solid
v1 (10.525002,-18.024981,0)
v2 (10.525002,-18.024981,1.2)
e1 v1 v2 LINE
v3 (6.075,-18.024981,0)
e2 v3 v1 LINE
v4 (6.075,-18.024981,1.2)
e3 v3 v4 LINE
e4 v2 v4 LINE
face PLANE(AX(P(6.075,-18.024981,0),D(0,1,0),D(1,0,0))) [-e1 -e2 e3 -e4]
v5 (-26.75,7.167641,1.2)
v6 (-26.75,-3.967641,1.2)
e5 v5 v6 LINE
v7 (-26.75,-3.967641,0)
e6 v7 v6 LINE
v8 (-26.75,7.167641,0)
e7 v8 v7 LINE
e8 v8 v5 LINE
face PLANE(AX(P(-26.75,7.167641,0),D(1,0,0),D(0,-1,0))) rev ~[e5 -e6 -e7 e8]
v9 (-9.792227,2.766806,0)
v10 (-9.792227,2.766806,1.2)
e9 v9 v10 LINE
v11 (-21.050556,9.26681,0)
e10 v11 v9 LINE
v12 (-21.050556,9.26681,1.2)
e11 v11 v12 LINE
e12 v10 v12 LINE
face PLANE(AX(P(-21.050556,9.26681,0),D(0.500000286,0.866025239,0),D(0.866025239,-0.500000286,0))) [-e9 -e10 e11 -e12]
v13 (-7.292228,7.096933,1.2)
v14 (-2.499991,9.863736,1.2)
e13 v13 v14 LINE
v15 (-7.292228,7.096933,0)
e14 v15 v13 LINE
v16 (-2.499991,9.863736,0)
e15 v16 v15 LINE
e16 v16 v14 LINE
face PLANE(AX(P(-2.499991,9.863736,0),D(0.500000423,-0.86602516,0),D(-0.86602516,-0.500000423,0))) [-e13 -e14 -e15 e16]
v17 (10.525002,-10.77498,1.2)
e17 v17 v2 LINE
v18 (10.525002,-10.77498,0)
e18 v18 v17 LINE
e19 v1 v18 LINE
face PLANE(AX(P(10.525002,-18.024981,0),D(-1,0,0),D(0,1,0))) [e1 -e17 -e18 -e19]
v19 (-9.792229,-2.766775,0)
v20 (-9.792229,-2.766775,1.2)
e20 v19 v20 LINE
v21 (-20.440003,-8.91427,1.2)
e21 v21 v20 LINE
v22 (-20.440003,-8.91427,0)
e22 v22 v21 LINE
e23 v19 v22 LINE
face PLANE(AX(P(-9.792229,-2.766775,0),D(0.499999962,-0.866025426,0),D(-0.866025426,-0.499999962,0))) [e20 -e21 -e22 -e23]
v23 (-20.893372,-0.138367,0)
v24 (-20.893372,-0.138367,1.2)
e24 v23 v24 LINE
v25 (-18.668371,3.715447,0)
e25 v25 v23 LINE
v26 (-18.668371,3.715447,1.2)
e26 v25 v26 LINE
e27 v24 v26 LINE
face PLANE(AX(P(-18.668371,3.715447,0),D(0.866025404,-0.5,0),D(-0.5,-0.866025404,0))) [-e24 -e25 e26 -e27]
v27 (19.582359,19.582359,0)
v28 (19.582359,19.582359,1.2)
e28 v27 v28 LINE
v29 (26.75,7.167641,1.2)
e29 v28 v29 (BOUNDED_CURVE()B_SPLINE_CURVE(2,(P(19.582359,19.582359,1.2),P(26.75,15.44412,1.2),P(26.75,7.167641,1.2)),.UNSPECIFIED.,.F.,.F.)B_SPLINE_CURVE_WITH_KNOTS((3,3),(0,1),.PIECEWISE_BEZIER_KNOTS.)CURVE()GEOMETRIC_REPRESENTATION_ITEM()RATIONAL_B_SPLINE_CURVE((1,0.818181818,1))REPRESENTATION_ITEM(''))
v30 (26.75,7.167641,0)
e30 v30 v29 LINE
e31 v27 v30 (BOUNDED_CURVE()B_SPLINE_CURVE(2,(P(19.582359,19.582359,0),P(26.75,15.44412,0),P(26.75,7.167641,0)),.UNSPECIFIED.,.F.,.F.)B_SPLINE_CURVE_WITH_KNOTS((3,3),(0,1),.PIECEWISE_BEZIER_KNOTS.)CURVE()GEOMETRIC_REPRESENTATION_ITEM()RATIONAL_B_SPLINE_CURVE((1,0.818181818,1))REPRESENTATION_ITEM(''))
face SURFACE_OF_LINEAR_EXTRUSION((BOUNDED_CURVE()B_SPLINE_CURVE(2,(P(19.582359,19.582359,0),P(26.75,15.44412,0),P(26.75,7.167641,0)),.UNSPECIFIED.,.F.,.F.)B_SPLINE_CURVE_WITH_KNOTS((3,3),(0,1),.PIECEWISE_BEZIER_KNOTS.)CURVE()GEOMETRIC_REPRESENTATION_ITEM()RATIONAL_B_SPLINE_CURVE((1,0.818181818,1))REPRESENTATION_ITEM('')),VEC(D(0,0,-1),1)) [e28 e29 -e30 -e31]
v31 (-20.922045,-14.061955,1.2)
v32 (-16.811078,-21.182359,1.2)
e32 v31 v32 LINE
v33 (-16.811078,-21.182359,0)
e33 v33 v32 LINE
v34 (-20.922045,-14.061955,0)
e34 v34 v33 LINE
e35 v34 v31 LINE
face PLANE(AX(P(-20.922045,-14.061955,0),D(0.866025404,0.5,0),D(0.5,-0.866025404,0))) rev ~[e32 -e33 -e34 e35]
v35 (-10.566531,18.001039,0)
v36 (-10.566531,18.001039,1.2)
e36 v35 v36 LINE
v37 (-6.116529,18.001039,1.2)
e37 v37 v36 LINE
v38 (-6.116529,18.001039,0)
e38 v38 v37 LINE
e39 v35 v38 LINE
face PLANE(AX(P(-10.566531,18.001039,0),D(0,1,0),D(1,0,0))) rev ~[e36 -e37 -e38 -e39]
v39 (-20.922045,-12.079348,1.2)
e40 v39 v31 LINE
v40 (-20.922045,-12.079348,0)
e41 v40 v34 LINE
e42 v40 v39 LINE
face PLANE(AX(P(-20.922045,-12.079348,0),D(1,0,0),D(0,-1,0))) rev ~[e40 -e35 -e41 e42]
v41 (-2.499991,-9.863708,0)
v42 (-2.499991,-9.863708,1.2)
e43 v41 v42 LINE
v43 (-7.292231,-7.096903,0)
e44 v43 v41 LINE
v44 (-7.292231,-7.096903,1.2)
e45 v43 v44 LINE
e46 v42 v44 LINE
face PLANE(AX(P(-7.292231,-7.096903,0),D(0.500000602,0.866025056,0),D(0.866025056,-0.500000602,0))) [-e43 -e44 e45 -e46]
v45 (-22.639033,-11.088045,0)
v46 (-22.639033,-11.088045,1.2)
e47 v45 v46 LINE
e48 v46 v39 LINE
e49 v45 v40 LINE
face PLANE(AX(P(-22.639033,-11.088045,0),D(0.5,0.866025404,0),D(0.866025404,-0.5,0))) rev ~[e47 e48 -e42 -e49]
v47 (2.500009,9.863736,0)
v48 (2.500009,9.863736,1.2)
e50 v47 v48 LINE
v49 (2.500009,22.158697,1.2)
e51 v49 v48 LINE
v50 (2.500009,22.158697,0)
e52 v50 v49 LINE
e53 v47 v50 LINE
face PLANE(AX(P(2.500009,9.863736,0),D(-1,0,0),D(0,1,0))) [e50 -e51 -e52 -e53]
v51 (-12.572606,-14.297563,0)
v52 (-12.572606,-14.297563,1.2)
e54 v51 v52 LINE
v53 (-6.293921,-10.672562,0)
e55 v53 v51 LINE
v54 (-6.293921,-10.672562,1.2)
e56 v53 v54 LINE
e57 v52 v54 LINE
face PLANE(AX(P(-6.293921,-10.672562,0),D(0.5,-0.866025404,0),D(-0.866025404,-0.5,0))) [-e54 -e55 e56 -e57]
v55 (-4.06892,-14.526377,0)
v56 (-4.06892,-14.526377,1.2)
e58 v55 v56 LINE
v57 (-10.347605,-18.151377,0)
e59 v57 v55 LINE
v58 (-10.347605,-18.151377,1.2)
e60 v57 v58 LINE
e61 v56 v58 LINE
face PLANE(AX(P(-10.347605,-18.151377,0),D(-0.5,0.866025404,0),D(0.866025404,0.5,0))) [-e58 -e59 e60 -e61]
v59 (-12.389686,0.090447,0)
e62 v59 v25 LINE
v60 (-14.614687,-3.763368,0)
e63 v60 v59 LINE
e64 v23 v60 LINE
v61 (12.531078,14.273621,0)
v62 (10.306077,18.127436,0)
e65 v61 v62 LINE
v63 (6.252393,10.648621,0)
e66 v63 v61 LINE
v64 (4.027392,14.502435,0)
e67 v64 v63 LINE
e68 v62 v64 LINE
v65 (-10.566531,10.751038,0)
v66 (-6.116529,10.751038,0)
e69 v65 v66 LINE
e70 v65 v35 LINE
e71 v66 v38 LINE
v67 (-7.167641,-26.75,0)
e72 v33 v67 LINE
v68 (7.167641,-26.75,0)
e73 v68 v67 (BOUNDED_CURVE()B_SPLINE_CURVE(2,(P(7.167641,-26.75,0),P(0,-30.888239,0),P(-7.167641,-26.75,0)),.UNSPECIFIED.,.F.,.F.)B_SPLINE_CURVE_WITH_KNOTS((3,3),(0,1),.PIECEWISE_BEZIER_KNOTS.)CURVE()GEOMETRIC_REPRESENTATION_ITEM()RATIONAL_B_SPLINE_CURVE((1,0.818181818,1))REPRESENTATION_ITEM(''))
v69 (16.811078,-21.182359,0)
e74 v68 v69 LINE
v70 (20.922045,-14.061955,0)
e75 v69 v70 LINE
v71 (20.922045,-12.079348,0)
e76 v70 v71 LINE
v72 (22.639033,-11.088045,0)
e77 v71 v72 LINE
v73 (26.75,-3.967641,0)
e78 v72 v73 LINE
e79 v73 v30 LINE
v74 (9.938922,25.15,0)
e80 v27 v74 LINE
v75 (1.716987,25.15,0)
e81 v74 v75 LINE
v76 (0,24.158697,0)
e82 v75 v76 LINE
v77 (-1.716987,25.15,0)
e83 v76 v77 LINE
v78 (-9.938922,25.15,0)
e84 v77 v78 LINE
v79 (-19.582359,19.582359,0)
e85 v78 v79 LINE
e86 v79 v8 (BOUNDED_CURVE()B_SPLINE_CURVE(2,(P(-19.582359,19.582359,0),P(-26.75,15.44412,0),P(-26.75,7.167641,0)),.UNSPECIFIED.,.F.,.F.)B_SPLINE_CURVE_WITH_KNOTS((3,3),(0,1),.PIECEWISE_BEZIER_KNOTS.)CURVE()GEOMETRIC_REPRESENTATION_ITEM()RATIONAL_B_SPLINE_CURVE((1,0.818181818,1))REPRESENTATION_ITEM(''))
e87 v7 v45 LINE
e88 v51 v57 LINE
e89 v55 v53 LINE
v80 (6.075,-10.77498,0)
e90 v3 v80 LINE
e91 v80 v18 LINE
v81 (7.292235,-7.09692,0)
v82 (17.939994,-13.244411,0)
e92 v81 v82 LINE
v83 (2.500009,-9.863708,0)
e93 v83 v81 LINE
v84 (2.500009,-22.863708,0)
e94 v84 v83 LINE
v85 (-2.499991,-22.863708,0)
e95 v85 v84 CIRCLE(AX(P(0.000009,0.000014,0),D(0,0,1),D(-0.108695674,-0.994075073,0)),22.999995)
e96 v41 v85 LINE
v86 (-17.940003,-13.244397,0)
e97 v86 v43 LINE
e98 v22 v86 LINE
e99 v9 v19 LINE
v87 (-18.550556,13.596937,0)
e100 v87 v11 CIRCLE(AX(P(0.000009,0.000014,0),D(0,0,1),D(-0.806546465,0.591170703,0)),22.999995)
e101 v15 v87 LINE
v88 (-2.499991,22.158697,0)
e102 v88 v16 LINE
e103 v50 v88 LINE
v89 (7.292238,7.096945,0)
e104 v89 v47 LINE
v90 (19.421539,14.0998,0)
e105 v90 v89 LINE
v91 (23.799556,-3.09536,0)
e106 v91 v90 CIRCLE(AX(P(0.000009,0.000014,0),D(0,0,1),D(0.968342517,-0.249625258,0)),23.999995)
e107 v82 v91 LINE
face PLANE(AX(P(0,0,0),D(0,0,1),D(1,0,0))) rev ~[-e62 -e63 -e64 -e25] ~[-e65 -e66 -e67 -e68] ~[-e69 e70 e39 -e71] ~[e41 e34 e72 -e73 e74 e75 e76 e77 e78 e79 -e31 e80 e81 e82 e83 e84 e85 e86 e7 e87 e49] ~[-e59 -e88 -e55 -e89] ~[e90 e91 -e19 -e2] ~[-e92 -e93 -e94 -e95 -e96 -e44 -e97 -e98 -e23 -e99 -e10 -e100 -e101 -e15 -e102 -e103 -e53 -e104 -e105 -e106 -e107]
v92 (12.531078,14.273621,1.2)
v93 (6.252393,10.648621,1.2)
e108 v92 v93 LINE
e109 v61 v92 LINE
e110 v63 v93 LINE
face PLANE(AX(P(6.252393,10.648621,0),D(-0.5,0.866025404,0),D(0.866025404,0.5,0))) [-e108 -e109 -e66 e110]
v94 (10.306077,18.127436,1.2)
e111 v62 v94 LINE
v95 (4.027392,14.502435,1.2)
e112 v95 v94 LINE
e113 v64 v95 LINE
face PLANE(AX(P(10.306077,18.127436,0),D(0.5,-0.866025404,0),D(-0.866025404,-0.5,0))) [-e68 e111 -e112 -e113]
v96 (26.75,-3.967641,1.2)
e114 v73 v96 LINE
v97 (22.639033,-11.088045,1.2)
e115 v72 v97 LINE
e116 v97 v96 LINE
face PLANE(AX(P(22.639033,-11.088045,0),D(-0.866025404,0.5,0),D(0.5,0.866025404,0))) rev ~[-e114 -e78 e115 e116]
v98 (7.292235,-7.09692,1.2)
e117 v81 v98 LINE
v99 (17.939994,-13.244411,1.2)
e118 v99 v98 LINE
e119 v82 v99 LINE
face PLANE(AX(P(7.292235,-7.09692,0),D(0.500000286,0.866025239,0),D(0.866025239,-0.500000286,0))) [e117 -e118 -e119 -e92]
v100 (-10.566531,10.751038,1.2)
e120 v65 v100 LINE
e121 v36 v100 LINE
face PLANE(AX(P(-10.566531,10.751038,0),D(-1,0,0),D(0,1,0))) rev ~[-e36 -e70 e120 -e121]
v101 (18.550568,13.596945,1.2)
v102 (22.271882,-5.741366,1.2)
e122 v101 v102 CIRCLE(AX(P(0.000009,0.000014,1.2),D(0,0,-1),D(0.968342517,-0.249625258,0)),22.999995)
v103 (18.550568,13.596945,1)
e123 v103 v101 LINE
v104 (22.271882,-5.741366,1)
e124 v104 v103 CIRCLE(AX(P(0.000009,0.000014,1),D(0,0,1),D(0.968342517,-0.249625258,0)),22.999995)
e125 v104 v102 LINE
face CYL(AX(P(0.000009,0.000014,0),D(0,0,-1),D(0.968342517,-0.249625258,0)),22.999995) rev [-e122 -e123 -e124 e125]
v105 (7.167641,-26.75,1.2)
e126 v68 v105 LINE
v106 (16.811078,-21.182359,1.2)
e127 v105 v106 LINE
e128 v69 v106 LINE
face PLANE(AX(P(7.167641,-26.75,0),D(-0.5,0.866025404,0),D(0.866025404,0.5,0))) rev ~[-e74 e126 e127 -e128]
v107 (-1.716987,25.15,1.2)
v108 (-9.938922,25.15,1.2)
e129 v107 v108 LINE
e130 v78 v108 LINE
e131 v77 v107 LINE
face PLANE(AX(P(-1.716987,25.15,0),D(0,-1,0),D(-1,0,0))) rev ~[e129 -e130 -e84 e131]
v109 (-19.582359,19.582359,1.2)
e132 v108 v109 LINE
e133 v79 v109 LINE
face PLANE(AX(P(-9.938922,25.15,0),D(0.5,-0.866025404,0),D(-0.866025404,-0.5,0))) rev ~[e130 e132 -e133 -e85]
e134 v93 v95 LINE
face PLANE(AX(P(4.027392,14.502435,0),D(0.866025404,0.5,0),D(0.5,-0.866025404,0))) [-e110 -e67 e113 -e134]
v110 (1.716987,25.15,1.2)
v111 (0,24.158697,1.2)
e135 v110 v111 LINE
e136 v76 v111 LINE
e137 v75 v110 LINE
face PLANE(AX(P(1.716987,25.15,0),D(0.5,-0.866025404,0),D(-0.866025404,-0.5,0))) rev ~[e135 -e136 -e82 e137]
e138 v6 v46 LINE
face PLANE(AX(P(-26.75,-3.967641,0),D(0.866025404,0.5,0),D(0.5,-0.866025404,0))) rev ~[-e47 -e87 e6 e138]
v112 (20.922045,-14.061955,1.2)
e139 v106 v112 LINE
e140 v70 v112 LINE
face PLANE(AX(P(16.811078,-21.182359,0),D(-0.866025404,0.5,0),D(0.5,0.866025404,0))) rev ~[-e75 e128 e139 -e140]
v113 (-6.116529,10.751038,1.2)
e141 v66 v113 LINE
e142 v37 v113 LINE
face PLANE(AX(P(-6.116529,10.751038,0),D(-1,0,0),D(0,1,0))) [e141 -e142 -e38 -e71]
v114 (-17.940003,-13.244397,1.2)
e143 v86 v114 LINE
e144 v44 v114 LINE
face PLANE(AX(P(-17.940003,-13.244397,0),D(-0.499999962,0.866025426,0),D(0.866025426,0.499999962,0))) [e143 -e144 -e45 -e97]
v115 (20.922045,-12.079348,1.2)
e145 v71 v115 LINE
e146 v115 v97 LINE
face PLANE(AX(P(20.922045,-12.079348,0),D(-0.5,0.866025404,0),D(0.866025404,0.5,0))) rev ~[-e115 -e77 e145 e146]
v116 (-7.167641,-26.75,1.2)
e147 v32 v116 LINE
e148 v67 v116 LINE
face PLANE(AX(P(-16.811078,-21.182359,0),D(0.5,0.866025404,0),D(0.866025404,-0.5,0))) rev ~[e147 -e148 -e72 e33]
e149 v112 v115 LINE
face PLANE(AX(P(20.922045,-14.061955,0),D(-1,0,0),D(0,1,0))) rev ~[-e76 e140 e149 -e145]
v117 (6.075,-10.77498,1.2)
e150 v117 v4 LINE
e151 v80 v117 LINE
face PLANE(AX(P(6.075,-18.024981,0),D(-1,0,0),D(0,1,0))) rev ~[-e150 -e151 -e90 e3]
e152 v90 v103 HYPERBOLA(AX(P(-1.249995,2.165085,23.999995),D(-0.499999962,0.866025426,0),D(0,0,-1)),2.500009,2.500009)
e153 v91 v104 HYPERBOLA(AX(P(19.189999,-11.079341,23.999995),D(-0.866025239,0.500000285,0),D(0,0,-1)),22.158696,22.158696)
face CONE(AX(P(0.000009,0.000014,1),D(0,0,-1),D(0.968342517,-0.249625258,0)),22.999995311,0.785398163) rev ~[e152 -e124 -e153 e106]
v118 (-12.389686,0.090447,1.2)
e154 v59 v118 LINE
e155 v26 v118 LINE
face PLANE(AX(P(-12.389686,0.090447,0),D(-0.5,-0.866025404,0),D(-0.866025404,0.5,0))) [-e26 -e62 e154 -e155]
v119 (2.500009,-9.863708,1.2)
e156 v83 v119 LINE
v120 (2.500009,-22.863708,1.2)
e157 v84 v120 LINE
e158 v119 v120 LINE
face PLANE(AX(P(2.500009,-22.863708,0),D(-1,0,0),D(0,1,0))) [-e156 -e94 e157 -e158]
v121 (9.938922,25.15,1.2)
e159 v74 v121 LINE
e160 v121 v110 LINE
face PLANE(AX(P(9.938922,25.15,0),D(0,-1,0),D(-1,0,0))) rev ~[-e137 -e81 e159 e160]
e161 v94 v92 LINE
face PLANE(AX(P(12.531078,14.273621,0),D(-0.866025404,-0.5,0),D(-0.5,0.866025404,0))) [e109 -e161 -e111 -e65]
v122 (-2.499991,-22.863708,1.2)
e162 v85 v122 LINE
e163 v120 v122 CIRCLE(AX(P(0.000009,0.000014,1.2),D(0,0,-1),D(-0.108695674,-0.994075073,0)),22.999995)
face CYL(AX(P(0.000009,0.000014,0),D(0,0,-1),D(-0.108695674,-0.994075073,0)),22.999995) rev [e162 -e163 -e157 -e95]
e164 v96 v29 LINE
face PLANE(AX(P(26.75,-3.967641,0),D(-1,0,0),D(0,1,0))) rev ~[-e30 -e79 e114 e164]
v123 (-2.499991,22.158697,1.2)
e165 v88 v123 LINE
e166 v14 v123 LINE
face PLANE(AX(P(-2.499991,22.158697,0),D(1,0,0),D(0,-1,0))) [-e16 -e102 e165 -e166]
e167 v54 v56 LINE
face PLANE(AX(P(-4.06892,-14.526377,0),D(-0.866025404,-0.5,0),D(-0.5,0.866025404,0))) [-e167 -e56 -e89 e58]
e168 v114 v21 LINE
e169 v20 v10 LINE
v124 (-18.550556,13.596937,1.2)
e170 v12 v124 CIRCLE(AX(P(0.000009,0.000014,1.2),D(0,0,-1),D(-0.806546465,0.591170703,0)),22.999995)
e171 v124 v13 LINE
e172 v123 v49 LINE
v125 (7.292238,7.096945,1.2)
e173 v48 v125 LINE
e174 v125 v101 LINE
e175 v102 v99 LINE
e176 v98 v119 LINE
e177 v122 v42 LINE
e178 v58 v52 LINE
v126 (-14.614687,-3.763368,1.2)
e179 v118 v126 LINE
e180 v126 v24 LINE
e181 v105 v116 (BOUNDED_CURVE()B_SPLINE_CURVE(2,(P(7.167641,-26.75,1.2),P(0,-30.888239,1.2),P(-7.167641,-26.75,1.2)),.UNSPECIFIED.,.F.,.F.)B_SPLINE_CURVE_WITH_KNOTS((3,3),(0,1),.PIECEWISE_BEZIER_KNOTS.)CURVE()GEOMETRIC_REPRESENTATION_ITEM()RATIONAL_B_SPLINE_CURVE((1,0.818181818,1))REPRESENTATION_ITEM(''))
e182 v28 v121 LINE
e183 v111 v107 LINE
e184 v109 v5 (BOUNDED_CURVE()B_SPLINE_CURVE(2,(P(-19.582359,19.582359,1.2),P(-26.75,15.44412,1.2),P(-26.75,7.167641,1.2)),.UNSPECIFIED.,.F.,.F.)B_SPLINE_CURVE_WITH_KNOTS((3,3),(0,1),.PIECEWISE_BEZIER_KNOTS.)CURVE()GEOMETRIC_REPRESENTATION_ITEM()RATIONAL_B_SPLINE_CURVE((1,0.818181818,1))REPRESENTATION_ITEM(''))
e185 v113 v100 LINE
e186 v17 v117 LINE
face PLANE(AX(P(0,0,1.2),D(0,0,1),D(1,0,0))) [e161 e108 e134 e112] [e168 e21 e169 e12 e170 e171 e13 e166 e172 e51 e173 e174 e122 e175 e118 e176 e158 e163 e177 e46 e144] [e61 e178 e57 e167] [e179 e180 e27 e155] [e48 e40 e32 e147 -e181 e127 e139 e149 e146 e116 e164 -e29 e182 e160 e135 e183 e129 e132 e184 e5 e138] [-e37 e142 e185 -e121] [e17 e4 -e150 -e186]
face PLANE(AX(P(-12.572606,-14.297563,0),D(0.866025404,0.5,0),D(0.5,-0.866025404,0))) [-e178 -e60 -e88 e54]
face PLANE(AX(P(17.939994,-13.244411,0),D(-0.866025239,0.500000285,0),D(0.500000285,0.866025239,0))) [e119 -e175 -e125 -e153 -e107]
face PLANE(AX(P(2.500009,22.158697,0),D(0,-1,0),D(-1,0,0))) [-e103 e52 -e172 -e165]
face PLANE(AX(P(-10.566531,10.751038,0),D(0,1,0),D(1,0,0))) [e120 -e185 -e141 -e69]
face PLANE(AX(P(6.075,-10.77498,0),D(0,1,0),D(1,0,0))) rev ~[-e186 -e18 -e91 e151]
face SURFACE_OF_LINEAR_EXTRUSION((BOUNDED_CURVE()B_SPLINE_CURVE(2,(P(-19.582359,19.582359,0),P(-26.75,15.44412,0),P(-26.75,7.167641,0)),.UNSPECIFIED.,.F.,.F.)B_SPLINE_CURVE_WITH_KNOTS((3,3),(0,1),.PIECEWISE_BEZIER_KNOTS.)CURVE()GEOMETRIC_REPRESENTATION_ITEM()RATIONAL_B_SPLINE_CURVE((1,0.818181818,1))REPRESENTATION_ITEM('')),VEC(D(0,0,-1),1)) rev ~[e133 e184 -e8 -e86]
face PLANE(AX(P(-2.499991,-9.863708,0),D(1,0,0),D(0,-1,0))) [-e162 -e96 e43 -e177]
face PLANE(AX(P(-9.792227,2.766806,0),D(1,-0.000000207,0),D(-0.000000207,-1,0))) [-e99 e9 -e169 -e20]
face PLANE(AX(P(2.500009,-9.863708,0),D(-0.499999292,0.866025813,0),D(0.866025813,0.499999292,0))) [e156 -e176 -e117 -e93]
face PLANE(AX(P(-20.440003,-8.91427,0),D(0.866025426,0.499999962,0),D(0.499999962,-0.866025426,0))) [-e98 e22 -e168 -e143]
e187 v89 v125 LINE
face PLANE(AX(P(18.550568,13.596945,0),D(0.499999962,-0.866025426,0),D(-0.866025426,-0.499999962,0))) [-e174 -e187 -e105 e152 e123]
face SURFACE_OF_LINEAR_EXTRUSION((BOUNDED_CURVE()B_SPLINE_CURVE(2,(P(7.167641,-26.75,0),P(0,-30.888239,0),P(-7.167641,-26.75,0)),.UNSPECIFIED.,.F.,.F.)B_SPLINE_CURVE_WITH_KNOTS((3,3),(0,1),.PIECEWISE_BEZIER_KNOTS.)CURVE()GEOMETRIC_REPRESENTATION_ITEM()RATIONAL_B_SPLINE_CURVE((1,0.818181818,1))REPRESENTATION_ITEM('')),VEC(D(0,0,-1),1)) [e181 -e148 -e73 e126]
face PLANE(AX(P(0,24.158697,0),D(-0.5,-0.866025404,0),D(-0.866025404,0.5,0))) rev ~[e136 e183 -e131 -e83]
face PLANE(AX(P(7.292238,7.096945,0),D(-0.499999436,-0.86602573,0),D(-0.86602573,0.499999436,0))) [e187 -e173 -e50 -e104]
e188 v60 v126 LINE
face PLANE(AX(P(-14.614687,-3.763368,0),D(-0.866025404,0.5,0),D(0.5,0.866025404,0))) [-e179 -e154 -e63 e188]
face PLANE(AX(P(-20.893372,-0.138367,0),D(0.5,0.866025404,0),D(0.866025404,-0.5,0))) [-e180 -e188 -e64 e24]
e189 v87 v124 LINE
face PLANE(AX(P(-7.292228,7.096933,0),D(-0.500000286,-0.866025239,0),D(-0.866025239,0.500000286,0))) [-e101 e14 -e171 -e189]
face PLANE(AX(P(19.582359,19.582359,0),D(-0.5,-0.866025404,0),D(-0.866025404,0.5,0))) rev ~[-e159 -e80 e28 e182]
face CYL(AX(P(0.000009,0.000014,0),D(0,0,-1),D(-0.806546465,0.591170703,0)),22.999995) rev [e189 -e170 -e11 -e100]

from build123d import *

# Parameters (mm, degrees)
BASE_DEPTH               = 1.2
PCB_SKETCH_W             = 4.450002
PCB_SKETCH_H             = 7.250001
PCB_COMPONENT_ROOM_DEPTH = 40.187510032
REMOVAL_ROOM_SIZE        = 1


with BuildPart() as part:
    # Base sketch → Base (new body)
    with BuildSketch(Plane.XY):
        with BuildLine():
            Line((22.639032554, -11.088045382), (26.75, -3.967640898))
            Line((26.75, -3.967640898), (26.75, 7.167640898))
            add(Edge.make_bspline(
                [(19.582359102, 19.582359102), (26.75, 15.444119701), (26.75, 7.167640898)],
                knots=[0, 0, 0, 1, 1, 1], degree=2, weights=[1, 0.818181818, 1]))
            Line((19.582359102, 19.582359102), (9.93892219, 25.15))
            Line((9.93892219, 25.15), (1.716987298, 25.15))
            Line((1.716987298, 25.15), (0, 24.158696921))
            Line((0, 24.158696921), (-1.716987298, 25.15))
            Line((-1.716987298, 25.15), (-9.93892219, 25.15))
            Line((-9.93892219, 25.15), (-19.582359102, 19.582359102))
            add(Edge.make_bspline(
                [(-19.582359102, 19.582359102), (-26.75, 15.444119701), (-26.75, 7.167640898)],
                knots=[0, 0, 0, 1, 1, 1], degree=2, weights=[1, 0.818181818, 1]))
            Line((-26.75, 7.167640898), (-26.75, -3.967640898))
            Line((-26.75, -3.967640898), (-22.639032554, -11.088045382))
            Line((-22.639032554, -11.088045382), (-20.922045256, -12.079348461))
            Line((-20.922045256, -12.079348461), (-20.922045256, -14.061954618))
            Line((-20.922045256, -14.061954618), (-16.81107781, -21.182359102))
            Line((-16.81107781, -21.182359102), (-7.167640898, -26.75))
            add(Edge.make_bspline(
                [(7.167640898, -26.75), (0, -30.888239402), (-7.167640898, -26.75)],
                knots=[0, 0, 0, 1, 1, 1], degree=2, weights=[1, 0.818181818, 1]))
            Line((7.167640898, -26.75), (16.81107781, -21.182359102))
            Line((16.81107781, -21.182359102), (20.922045256, -14.061954618))
            Line((20.922045256, -14.061954618), (20.922045256, -12.079348461))
            Line((20.922045256, -12.079348461), (22.639032554, -11.088045382))
        make_face()
    extrude(amount=BASE_DEPTH)

    # PCB sketch → PCB Component room (cut, through all)
    with BuildSketch(Plane.XY):
        with BuildLine():
            Line((7.292235248, -7.096920387), (17.939993848, -13.244411362))
            Line((17.939993848, -13.244411362), (22.271882405, -5.741366))
            ThreePointArc((22.271882405, -5.741366), (22.585630976, 4.346215175), (18.550568269, 13.596944935))
            Line((18.550568269, 13.596944935), (7.292237734, 7.096945429))
            Line((7.292237734, 7.096945429), (2.500009052, 9.863735785))
            Line((2.500009052, 9.863735785), (2.500009052, 22.158696921))
            Line((2.500009052, 22.158696921), (-2.499990948, 22.158696921))
            Line((-2.499990948, 22.158696921), (-2.499990948, 9.863735785))
            Line((-2.499990948, 9.863735785), (-7.292227753, 7.096933454))
            Line((-7.292227753, 7.096933454), (-18.550555859, 13.596937166))
            ThreePointArc((-18.550555859, 13.596937166), (-19.91857187, 11.500010223), (-21.050555597, 9.266809996))
            Line((-21.050555597, 9.266809996), (-9.792227491, 2.766806284))
            Line((-9.792227491, 2.766806284), (-9.792228638, -2.766774829))
            Line((-9.792228638, -2.766774829), (-20.440003139, -8.91426968))
            Line((-20.440003139, -8.91426968), (-17.940003329, -13.244396808))
            Line((-17.940003329, -13.244396808), (-7.29223057, -7.096902963))
            Line((-7.29223057, -7.096902963), (-2.499990948, -9.863708244))
            Line((-2.499990948, -9.863708244), (-2.499990948, -22.863708244))
            ThreePointArc((-2.499990948, -22.863708244), (9.052e-06, -22.999981541), (2.500009052, -22.863708244))
            Line((2.500009052, -22.863708244), (2.500009052, -9.863708244))
            Line((2.500009052, -9.863708244), (7.292235248, -7.096920387))
        make_face()
        Polygon((-12.572606222, -14.297562646), (-10.347605222, -18.151377424), (-4.068920179, -14.526376924), (-6.293921179, -10.672562146), align=None)
        with Locations((8.300001248, -14.39998027)):
            Rectangle(PCB_SKETCH_W, PCB_SKETCH_H)
        Polygon((-18.668370671, 3.71544734), (-20.893371671, -0.138367439), (-14.614686627, -3.763367939), (-12.389685627, 0.09044684), align=None)
        with Locations((-8.341529649, 14.3760387)):
            Rectangle(PCB_SKETCH_W, PCB_SKETCH_H)
        Polygon((12.531077821, 14.273621076), (10.306076821, 18.127435854), (4.027391778, 14.502435354), (6.252392778, 10.648620576), align=None)
    extrude(amount=PCB_COMPONENT_ROOM_DEPTH, mode=Mode.SUBTRACT)

    # Removal room
    removal_room_edges = [part.edges().sort_by_distance(p)[0] for p in [
        (22.585630976, 4.346215175, 0),
    ]]
    chamfer(removal_room_edges, length=REMOVAL_ROOM_SIZE)


solid = part.part
